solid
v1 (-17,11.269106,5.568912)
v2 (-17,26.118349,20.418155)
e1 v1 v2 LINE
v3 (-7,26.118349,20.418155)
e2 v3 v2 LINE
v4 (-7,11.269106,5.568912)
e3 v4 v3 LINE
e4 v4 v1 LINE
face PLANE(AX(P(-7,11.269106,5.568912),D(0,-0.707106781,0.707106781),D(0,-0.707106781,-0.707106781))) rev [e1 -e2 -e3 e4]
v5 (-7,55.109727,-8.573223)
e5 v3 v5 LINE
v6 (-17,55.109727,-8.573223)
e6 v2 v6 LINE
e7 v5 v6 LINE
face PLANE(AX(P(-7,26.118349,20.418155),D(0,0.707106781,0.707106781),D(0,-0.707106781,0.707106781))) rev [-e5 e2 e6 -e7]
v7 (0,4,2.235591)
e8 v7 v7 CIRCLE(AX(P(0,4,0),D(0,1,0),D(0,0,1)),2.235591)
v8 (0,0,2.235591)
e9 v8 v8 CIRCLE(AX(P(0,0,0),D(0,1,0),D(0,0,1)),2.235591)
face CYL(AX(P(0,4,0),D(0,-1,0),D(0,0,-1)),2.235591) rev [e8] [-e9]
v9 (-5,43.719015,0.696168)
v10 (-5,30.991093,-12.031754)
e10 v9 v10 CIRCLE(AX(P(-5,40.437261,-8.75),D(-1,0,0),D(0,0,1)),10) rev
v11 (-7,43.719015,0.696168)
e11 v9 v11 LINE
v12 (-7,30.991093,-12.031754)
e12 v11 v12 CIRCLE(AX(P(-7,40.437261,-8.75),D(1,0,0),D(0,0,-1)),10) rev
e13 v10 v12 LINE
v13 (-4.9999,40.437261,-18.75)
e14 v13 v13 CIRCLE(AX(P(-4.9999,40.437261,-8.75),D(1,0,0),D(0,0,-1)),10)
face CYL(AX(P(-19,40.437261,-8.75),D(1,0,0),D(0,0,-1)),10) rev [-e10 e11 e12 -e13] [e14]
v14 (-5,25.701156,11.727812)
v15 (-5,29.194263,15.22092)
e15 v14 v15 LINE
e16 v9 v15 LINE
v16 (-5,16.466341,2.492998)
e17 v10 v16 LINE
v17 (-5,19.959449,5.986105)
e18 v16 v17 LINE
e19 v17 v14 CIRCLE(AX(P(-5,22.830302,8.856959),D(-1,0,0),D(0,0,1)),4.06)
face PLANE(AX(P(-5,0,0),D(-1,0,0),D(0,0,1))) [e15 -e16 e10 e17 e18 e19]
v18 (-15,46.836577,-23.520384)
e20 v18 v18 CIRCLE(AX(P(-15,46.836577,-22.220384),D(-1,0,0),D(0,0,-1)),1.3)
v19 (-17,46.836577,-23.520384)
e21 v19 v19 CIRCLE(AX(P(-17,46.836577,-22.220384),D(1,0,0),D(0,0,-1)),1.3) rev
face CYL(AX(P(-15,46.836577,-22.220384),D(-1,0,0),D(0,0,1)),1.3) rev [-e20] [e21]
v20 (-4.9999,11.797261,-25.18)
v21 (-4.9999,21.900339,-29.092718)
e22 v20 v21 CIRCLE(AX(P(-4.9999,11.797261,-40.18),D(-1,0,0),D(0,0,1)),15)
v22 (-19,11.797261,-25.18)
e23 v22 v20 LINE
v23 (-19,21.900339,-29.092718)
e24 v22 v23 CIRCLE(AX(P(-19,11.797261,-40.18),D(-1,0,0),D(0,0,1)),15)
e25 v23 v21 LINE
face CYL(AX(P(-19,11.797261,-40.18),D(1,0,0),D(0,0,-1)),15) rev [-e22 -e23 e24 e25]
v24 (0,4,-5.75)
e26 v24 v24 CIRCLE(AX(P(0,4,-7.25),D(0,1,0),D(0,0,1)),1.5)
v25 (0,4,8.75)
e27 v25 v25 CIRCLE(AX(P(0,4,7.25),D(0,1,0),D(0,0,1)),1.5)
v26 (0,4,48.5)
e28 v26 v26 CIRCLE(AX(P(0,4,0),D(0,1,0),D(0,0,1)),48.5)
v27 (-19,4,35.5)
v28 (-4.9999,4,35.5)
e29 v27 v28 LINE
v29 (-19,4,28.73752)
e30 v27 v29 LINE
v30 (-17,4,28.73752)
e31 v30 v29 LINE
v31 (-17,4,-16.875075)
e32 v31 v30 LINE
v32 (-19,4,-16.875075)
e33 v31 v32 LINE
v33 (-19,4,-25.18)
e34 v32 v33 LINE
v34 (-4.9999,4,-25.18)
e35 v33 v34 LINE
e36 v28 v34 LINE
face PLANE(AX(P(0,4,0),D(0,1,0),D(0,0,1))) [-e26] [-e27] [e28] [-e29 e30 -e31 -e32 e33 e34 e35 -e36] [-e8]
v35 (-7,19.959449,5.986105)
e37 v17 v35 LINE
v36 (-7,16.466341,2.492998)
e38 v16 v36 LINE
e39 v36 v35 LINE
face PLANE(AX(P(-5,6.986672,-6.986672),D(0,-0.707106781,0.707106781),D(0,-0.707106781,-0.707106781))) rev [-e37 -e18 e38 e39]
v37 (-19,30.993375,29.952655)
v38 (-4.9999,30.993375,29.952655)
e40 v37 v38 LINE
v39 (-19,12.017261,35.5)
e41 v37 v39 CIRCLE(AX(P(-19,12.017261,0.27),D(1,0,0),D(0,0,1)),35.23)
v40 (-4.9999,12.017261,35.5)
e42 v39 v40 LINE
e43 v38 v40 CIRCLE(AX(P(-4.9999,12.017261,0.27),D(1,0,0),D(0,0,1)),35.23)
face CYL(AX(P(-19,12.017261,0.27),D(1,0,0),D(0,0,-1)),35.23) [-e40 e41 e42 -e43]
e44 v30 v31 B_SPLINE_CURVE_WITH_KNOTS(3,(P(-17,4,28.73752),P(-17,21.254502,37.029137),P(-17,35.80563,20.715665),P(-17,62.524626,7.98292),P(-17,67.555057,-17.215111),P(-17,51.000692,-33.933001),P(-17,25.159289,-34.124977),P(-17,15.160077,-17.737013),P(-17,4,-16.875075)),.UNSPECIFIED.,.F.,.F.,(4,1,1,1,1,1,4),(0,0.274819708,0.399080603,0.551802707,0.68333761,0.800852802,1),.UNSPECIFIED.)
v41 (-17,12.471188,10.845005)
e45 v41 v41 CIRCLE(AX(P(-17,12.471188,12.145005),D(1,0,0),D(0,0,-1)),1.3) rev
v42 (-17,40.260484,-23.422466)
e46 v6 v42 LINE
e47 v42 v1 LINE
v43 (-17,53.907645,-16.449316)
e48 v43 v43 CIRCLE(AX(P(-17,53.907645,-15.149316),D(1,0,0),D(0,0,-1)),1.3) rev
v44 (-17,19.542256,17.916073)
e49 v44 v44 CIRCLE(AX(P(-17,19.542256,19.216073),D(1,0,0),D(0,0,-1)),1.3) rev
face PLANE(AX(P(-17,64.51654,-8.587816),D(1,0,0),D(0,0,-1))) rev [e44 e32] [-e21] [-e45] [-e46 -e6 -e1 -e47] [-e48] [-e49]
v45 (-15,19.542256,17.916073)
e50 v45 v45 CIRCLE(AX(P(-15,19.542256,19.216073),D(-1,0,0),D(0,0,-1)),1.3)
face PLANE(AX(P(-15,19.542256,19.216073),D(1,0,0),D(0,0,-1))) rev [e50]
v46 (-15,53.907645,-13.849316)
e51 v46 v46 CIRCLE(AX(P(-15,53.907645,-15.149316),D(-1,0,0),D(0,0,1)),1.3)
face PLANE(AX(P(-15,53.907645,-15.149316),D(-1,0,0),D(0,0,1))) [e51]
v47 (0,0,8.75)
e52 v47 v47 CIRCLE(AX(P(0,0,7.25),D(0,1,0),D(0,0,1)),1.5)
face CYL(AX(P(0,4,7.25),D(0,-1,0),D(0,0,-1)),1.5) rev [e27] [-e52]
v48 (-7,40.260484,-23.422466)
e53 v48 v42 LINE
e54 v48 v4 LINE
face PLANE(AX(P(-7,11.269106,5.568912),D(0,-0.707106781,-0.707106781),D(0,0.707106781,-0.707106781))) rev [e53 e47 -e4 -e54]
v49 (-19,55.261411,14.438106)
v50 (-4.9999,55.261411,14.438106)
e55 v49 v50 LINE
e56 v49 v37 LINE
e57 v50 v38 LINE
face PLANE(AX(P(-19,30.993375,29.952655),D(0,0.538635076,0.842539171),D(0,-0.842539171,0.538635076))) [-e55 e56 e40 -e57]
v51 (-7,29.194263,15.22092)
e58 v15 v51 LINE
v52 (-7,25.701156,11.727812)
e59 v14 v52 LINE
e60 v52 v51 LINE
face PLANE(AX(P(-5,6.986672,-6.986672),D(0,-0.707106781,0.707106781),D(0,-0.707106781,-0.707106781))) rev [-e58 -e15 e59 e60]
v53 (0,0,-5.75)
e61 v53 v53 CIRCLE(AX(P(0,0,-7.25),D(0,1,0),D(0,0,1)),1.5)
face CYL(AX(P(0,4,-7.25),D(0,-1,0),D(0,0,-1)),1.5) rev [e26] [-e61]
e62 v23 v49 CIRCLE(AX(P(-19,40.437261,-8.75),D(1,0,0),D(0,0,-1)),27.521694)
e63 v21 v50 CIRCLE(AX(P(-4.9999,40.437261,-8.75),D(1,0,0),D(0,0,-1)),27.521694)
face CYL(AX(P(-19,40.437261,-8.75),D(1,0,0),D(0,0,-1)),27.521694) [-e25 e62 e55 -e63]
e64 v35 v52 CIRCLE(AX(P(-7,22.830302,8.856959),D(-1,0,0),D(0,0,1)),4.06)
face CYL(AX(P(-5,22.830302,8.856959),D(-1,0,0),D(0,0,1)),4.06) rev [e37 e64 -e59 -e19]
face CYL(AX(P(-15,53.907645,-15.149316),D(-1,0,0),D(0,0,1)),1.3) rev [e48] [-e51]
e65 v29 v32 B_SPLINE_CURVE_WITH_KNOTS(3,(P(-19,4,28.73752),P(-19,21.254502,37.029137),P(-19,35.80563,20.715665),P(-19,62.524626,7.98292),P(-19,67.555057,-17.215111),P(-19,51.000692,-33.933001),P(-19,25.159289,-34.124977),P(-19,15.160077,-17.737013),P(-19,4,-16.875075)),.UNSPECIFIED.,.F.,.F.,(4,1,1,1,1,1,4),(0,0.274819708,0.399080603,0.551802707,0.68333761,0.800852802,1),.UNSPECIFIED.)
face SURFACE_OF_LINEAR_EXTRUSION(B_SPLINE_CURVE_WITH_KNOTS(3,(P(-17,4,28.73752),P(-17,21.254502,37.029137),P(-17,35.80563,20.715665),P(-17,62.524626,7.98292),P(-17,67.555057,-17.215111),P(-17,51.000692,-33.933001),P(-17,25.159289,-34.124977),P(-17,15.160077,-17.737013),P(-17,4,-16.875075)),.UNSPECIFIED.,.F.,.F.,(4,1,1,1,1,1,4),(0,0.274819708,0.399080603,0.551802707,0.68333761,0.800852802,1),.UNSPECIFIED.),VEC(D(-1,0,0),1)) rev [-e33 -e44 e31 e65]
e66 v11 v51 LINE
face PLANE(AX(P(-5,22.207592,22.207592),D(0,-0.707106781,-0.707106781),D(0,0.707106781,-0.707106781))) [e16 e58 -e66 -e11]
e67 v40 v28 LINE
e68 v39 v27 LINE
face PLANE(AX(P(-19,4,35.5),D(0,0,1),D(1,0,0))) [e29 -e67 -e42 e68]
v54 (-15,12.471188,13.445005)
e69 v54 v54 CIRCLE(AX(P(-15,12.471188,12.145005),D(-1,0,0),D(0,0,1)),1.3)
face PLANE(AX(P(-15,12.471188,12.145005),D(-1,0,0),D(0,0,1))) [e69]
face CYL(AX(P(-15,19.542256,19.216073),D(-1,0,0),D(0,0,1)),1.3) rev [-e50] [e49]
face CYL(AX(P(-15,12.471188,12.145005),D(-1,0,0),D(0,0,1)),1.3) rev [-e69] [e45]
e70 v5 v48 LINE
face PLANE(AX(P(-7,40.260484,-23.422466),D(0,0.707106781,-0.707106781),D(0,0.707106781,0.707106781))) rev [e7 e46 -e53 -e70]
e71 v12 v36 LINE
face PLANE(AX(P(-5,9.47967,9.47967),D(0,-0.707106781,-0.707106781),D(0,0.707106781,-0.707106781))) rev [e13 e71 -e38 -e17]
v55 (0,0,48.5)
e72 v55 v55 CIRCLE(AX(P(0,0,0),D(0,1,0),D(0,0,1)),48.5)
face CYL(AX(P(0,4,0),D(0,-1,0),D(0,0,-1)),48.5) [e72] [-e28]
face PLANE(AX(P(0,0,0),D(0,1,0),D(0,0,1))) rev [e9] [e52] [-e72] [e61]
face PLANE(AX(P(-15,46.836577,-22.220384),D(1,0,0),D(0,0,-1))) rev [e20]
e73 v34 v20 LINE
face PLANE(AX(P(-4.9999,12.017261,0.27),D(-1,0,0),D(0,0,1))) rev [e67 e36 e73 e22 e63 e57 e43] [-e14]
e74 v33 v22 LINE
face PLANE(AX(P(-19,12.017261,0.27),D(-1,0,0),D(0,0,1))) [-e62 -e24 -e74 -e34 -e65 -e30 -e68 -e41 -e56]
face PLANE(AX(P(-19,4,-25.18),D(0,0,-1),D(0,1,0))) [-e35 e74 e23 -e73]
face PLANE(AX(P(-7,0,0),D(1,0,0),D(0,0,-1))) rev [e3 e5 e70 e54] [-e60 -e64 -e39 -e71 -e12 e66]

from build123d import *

# Parameters (mm, degrees)
SKETCH1_R                = 48.5
SKETCH1_R_2              = 1.5
SKETCH1_R_3              = 2.235591035
BOSS_EXTRUDE2_DEPTH      = 4
BOSS_EXTRUDE3_DEPTH      = 0.0001
BOSS_EXTRUDE3_DEPTH_BACK = 14
SKETCH6_R                = 10
CUT_EXTRUDE1_DEPTH       = 12
SKETCH11_R               = 1.3
CUT_EXTRUDE3_DEPTH       = 4
CUT_EXTRUDE4_DEPTH       = 2
CUT_EXTRUDE5_DEPTH       = 2


with BuildPart() as part:
    # Sketch1 → Boss-Extrude2 (new body)
    with BuildSketch(Plane(origin=(0, 0, 0), x_dir=(1, 0, 0), z_dir=(0, 1, 0))):
        with Locations(Location((0, 0, 0), (0, 0, 270))):
            Circle(SKETCH1_R)
        with Locations(Location((0, 7.25, 0), (0, 0, 270))):
            Circle(SKETCH1_R_2, mode=Mode.SUBTRACT)
        with Locations(Location((0, -7.25, 0), (0, 0, 270))):
            Circle(SKETCH1_R_2, mode=Mode.SUBTRACT)
        with Locations(Location((0, 0, 0), (0, 0, 270))):
            Circle(SKETCH1_R_3, mode=Mode.SUBTRACT)
    extrude(amount=BOSS_EXTRUDE2_DEPTH)

    # Sketch6 → Boss-Extrude3 (add, two sides: drawn at the far end of the back side and taken through both)
    with BuildSketch(Plane(origin=(-5, 0, 0), x_dir=(0, 0, -1), z_dir=(1, 0, 0)).offset(-BOSS_EXTRUDE3_DEPTH_BACK)):
        with BuildLine():
            Line((25.18, 4), (-35.5, 4))
            Line((-35.5, 4), (-35.5, 12.01726107))
            ThreePointArc((-35.5, 12.01726107), (-34.084736696, 21.902425823), (-29.952654999, 30.993374798))
            Line((-29.952654999, 30.993374798), (-14.438105641, 55.261411059))
            ThreePointArc((-14.438105641, 55.261411059), (25.491097233, 62.28169582), (29.092718415, 21.900339167))
            ThreePointArc((29.092718415, 21.900339167), (26.192340729, 17.214399439), (25.18, 11.79726107))
            Line((25.18, 11.79726107), (25.18, 4))
        make_face()
        with Locations((8.75, 40.43726107)):
            Circle(SKETCH6_R, mode=Mode.SUBTRACT)
    extrude(amount=BOSS_EXTRUDE3_DEPTH + BOSS_EXTRUDE3_DEPTH_BACK)

    # Sketch9 → Cut-Extrude1 (cut)
    with BuildSketch(Plane.ZY.offset(19)):
        Polygon((5.568912319, 11.269106346), (20.418154724, 26.118348751), (-8.573223305, 55.109726779), (-23.42246571, 40.260484374), align=None)
    extrude(amount=-CUT_EXTRUDE1_DEPTH, mode=Mode.SUBTRACT)

    # Sketch11 → Cut-Extrude3 (cut)
    with BuildSketch(Plane.ZY.offset(19)):
        with Locations((-15.14931637, 53.907645251)):
            Circle(SKETCH11_R)
        with Locations(Location((-22.220384182, 46.836577439, 0), (0, 0, 180))):
            Circle(SKETCH11_R)
        with Locations((12.145005384, 12.471187874)):
            Circle(SKETCH11_R)
        with Locations(Location((19.216073196, 19.542255686, 0), (0, 0, 180))):
            Circle(SKETCH11_R)
    extrude(amount=-CUT_EXTRUDE3_DEPTH, mode=Mode.SUBTRACT)

    # Sketch16 → Cut-Extrude4 (cut)
    with BuildSketch(Plane.ZY.offset(19)):
        with BuildLine():
            Line((-16.875075084, 4), (28.737520082, 4))
            add(Edge.make_bspline(
                [(-16.875075084, 4), (-17.737013272, 15.160077135), (-34.124977495, 25.159288994), (-33.933000746, 51.000691554), (-17.215111481, 67.555057226), (7.98292021, 62.524626035), (20.715664688, 35.805630134), (37.029137104, 21.254502483), (28.737520082, 4)],
                knots=[0, 0, 0, 0, 0.199147198, 0.31666239, 0.448197293, 0.600919397, 0.725180292, 1, 1, 1, 1], degree=3))
        make_face()
    extrude(amount=-CUT_EXTRUDE4_DEPTH, mode=Mode.SUBTRACT)

    # Sketch18 → Cut-Extrude5 (cut)
    with BuildSketch(Plane.ZY.offset(7)):
        with BuildLine():
            Line((11.727812383, 19.959448687), (8.856958852, 22.830302218))
            Line((8.856958852, 22.830302218), (5.98610532, 19.959448687))
            ThreePointArc((5.98610532, 19.959448687), (8.856958852, 18.770302218), (11.727812383, 19.959448687))
        make_face()
        with BuildLine():
            Line((11.727812383, 25.70115575), (8.856958852, 22.830302218))
            Line((8.856958852, 22.830302218), (11.727812383, 19.959448687))
            ThreePointArc((11.727812383, 19.959448687), (12.916958852, 22.830302218), (11.727812383, 25.70115575))
        make_face()
        with BuildLine():
            ThreePointArc((1.25, 40.43726107), (0.488795325, 36.610426746), (-1.678932188, 33.366193258))
            Line((-1.678932188, 33.366193258), (8.856958852, 22.830302218))
            Line((8.856958852, 22.830302218), (11.727812383, 25.70115575))
            Line((11.727812383, 25.70115575), (15.220919882, 29.194263249))
            Line((15.220919882, 29.194263249), (0.696168032, 43.719015099))
            ThreePointArc((0.696168032, 43.719015099), (1.110569971, 42.101340346), (1.25, 40.43726107))
        make_face()
        with BuildLine():
            Line((8.856958852, 22.830302218), (-1.678932188, 33.366193258))
            ThreePointArc((-1.678932188, 33.366193258), (-6.513932022, 30.690466725), (-12.031754029, 30.991093038))
            Line((-12.031754029, 30.991093038), (2.492997821, 16.466341187))
            Line((2.492997821, 16.466341187), (5.98610532, 19.959448687))
            Line((5.98610532, 19.959448687), (8.856958852, 22.830302218))
        make_face()
    extrude(amount=-CUT_EXTRUDE5_DEPTH, mode=Mode.SUBTRACT)


solid = part.part
